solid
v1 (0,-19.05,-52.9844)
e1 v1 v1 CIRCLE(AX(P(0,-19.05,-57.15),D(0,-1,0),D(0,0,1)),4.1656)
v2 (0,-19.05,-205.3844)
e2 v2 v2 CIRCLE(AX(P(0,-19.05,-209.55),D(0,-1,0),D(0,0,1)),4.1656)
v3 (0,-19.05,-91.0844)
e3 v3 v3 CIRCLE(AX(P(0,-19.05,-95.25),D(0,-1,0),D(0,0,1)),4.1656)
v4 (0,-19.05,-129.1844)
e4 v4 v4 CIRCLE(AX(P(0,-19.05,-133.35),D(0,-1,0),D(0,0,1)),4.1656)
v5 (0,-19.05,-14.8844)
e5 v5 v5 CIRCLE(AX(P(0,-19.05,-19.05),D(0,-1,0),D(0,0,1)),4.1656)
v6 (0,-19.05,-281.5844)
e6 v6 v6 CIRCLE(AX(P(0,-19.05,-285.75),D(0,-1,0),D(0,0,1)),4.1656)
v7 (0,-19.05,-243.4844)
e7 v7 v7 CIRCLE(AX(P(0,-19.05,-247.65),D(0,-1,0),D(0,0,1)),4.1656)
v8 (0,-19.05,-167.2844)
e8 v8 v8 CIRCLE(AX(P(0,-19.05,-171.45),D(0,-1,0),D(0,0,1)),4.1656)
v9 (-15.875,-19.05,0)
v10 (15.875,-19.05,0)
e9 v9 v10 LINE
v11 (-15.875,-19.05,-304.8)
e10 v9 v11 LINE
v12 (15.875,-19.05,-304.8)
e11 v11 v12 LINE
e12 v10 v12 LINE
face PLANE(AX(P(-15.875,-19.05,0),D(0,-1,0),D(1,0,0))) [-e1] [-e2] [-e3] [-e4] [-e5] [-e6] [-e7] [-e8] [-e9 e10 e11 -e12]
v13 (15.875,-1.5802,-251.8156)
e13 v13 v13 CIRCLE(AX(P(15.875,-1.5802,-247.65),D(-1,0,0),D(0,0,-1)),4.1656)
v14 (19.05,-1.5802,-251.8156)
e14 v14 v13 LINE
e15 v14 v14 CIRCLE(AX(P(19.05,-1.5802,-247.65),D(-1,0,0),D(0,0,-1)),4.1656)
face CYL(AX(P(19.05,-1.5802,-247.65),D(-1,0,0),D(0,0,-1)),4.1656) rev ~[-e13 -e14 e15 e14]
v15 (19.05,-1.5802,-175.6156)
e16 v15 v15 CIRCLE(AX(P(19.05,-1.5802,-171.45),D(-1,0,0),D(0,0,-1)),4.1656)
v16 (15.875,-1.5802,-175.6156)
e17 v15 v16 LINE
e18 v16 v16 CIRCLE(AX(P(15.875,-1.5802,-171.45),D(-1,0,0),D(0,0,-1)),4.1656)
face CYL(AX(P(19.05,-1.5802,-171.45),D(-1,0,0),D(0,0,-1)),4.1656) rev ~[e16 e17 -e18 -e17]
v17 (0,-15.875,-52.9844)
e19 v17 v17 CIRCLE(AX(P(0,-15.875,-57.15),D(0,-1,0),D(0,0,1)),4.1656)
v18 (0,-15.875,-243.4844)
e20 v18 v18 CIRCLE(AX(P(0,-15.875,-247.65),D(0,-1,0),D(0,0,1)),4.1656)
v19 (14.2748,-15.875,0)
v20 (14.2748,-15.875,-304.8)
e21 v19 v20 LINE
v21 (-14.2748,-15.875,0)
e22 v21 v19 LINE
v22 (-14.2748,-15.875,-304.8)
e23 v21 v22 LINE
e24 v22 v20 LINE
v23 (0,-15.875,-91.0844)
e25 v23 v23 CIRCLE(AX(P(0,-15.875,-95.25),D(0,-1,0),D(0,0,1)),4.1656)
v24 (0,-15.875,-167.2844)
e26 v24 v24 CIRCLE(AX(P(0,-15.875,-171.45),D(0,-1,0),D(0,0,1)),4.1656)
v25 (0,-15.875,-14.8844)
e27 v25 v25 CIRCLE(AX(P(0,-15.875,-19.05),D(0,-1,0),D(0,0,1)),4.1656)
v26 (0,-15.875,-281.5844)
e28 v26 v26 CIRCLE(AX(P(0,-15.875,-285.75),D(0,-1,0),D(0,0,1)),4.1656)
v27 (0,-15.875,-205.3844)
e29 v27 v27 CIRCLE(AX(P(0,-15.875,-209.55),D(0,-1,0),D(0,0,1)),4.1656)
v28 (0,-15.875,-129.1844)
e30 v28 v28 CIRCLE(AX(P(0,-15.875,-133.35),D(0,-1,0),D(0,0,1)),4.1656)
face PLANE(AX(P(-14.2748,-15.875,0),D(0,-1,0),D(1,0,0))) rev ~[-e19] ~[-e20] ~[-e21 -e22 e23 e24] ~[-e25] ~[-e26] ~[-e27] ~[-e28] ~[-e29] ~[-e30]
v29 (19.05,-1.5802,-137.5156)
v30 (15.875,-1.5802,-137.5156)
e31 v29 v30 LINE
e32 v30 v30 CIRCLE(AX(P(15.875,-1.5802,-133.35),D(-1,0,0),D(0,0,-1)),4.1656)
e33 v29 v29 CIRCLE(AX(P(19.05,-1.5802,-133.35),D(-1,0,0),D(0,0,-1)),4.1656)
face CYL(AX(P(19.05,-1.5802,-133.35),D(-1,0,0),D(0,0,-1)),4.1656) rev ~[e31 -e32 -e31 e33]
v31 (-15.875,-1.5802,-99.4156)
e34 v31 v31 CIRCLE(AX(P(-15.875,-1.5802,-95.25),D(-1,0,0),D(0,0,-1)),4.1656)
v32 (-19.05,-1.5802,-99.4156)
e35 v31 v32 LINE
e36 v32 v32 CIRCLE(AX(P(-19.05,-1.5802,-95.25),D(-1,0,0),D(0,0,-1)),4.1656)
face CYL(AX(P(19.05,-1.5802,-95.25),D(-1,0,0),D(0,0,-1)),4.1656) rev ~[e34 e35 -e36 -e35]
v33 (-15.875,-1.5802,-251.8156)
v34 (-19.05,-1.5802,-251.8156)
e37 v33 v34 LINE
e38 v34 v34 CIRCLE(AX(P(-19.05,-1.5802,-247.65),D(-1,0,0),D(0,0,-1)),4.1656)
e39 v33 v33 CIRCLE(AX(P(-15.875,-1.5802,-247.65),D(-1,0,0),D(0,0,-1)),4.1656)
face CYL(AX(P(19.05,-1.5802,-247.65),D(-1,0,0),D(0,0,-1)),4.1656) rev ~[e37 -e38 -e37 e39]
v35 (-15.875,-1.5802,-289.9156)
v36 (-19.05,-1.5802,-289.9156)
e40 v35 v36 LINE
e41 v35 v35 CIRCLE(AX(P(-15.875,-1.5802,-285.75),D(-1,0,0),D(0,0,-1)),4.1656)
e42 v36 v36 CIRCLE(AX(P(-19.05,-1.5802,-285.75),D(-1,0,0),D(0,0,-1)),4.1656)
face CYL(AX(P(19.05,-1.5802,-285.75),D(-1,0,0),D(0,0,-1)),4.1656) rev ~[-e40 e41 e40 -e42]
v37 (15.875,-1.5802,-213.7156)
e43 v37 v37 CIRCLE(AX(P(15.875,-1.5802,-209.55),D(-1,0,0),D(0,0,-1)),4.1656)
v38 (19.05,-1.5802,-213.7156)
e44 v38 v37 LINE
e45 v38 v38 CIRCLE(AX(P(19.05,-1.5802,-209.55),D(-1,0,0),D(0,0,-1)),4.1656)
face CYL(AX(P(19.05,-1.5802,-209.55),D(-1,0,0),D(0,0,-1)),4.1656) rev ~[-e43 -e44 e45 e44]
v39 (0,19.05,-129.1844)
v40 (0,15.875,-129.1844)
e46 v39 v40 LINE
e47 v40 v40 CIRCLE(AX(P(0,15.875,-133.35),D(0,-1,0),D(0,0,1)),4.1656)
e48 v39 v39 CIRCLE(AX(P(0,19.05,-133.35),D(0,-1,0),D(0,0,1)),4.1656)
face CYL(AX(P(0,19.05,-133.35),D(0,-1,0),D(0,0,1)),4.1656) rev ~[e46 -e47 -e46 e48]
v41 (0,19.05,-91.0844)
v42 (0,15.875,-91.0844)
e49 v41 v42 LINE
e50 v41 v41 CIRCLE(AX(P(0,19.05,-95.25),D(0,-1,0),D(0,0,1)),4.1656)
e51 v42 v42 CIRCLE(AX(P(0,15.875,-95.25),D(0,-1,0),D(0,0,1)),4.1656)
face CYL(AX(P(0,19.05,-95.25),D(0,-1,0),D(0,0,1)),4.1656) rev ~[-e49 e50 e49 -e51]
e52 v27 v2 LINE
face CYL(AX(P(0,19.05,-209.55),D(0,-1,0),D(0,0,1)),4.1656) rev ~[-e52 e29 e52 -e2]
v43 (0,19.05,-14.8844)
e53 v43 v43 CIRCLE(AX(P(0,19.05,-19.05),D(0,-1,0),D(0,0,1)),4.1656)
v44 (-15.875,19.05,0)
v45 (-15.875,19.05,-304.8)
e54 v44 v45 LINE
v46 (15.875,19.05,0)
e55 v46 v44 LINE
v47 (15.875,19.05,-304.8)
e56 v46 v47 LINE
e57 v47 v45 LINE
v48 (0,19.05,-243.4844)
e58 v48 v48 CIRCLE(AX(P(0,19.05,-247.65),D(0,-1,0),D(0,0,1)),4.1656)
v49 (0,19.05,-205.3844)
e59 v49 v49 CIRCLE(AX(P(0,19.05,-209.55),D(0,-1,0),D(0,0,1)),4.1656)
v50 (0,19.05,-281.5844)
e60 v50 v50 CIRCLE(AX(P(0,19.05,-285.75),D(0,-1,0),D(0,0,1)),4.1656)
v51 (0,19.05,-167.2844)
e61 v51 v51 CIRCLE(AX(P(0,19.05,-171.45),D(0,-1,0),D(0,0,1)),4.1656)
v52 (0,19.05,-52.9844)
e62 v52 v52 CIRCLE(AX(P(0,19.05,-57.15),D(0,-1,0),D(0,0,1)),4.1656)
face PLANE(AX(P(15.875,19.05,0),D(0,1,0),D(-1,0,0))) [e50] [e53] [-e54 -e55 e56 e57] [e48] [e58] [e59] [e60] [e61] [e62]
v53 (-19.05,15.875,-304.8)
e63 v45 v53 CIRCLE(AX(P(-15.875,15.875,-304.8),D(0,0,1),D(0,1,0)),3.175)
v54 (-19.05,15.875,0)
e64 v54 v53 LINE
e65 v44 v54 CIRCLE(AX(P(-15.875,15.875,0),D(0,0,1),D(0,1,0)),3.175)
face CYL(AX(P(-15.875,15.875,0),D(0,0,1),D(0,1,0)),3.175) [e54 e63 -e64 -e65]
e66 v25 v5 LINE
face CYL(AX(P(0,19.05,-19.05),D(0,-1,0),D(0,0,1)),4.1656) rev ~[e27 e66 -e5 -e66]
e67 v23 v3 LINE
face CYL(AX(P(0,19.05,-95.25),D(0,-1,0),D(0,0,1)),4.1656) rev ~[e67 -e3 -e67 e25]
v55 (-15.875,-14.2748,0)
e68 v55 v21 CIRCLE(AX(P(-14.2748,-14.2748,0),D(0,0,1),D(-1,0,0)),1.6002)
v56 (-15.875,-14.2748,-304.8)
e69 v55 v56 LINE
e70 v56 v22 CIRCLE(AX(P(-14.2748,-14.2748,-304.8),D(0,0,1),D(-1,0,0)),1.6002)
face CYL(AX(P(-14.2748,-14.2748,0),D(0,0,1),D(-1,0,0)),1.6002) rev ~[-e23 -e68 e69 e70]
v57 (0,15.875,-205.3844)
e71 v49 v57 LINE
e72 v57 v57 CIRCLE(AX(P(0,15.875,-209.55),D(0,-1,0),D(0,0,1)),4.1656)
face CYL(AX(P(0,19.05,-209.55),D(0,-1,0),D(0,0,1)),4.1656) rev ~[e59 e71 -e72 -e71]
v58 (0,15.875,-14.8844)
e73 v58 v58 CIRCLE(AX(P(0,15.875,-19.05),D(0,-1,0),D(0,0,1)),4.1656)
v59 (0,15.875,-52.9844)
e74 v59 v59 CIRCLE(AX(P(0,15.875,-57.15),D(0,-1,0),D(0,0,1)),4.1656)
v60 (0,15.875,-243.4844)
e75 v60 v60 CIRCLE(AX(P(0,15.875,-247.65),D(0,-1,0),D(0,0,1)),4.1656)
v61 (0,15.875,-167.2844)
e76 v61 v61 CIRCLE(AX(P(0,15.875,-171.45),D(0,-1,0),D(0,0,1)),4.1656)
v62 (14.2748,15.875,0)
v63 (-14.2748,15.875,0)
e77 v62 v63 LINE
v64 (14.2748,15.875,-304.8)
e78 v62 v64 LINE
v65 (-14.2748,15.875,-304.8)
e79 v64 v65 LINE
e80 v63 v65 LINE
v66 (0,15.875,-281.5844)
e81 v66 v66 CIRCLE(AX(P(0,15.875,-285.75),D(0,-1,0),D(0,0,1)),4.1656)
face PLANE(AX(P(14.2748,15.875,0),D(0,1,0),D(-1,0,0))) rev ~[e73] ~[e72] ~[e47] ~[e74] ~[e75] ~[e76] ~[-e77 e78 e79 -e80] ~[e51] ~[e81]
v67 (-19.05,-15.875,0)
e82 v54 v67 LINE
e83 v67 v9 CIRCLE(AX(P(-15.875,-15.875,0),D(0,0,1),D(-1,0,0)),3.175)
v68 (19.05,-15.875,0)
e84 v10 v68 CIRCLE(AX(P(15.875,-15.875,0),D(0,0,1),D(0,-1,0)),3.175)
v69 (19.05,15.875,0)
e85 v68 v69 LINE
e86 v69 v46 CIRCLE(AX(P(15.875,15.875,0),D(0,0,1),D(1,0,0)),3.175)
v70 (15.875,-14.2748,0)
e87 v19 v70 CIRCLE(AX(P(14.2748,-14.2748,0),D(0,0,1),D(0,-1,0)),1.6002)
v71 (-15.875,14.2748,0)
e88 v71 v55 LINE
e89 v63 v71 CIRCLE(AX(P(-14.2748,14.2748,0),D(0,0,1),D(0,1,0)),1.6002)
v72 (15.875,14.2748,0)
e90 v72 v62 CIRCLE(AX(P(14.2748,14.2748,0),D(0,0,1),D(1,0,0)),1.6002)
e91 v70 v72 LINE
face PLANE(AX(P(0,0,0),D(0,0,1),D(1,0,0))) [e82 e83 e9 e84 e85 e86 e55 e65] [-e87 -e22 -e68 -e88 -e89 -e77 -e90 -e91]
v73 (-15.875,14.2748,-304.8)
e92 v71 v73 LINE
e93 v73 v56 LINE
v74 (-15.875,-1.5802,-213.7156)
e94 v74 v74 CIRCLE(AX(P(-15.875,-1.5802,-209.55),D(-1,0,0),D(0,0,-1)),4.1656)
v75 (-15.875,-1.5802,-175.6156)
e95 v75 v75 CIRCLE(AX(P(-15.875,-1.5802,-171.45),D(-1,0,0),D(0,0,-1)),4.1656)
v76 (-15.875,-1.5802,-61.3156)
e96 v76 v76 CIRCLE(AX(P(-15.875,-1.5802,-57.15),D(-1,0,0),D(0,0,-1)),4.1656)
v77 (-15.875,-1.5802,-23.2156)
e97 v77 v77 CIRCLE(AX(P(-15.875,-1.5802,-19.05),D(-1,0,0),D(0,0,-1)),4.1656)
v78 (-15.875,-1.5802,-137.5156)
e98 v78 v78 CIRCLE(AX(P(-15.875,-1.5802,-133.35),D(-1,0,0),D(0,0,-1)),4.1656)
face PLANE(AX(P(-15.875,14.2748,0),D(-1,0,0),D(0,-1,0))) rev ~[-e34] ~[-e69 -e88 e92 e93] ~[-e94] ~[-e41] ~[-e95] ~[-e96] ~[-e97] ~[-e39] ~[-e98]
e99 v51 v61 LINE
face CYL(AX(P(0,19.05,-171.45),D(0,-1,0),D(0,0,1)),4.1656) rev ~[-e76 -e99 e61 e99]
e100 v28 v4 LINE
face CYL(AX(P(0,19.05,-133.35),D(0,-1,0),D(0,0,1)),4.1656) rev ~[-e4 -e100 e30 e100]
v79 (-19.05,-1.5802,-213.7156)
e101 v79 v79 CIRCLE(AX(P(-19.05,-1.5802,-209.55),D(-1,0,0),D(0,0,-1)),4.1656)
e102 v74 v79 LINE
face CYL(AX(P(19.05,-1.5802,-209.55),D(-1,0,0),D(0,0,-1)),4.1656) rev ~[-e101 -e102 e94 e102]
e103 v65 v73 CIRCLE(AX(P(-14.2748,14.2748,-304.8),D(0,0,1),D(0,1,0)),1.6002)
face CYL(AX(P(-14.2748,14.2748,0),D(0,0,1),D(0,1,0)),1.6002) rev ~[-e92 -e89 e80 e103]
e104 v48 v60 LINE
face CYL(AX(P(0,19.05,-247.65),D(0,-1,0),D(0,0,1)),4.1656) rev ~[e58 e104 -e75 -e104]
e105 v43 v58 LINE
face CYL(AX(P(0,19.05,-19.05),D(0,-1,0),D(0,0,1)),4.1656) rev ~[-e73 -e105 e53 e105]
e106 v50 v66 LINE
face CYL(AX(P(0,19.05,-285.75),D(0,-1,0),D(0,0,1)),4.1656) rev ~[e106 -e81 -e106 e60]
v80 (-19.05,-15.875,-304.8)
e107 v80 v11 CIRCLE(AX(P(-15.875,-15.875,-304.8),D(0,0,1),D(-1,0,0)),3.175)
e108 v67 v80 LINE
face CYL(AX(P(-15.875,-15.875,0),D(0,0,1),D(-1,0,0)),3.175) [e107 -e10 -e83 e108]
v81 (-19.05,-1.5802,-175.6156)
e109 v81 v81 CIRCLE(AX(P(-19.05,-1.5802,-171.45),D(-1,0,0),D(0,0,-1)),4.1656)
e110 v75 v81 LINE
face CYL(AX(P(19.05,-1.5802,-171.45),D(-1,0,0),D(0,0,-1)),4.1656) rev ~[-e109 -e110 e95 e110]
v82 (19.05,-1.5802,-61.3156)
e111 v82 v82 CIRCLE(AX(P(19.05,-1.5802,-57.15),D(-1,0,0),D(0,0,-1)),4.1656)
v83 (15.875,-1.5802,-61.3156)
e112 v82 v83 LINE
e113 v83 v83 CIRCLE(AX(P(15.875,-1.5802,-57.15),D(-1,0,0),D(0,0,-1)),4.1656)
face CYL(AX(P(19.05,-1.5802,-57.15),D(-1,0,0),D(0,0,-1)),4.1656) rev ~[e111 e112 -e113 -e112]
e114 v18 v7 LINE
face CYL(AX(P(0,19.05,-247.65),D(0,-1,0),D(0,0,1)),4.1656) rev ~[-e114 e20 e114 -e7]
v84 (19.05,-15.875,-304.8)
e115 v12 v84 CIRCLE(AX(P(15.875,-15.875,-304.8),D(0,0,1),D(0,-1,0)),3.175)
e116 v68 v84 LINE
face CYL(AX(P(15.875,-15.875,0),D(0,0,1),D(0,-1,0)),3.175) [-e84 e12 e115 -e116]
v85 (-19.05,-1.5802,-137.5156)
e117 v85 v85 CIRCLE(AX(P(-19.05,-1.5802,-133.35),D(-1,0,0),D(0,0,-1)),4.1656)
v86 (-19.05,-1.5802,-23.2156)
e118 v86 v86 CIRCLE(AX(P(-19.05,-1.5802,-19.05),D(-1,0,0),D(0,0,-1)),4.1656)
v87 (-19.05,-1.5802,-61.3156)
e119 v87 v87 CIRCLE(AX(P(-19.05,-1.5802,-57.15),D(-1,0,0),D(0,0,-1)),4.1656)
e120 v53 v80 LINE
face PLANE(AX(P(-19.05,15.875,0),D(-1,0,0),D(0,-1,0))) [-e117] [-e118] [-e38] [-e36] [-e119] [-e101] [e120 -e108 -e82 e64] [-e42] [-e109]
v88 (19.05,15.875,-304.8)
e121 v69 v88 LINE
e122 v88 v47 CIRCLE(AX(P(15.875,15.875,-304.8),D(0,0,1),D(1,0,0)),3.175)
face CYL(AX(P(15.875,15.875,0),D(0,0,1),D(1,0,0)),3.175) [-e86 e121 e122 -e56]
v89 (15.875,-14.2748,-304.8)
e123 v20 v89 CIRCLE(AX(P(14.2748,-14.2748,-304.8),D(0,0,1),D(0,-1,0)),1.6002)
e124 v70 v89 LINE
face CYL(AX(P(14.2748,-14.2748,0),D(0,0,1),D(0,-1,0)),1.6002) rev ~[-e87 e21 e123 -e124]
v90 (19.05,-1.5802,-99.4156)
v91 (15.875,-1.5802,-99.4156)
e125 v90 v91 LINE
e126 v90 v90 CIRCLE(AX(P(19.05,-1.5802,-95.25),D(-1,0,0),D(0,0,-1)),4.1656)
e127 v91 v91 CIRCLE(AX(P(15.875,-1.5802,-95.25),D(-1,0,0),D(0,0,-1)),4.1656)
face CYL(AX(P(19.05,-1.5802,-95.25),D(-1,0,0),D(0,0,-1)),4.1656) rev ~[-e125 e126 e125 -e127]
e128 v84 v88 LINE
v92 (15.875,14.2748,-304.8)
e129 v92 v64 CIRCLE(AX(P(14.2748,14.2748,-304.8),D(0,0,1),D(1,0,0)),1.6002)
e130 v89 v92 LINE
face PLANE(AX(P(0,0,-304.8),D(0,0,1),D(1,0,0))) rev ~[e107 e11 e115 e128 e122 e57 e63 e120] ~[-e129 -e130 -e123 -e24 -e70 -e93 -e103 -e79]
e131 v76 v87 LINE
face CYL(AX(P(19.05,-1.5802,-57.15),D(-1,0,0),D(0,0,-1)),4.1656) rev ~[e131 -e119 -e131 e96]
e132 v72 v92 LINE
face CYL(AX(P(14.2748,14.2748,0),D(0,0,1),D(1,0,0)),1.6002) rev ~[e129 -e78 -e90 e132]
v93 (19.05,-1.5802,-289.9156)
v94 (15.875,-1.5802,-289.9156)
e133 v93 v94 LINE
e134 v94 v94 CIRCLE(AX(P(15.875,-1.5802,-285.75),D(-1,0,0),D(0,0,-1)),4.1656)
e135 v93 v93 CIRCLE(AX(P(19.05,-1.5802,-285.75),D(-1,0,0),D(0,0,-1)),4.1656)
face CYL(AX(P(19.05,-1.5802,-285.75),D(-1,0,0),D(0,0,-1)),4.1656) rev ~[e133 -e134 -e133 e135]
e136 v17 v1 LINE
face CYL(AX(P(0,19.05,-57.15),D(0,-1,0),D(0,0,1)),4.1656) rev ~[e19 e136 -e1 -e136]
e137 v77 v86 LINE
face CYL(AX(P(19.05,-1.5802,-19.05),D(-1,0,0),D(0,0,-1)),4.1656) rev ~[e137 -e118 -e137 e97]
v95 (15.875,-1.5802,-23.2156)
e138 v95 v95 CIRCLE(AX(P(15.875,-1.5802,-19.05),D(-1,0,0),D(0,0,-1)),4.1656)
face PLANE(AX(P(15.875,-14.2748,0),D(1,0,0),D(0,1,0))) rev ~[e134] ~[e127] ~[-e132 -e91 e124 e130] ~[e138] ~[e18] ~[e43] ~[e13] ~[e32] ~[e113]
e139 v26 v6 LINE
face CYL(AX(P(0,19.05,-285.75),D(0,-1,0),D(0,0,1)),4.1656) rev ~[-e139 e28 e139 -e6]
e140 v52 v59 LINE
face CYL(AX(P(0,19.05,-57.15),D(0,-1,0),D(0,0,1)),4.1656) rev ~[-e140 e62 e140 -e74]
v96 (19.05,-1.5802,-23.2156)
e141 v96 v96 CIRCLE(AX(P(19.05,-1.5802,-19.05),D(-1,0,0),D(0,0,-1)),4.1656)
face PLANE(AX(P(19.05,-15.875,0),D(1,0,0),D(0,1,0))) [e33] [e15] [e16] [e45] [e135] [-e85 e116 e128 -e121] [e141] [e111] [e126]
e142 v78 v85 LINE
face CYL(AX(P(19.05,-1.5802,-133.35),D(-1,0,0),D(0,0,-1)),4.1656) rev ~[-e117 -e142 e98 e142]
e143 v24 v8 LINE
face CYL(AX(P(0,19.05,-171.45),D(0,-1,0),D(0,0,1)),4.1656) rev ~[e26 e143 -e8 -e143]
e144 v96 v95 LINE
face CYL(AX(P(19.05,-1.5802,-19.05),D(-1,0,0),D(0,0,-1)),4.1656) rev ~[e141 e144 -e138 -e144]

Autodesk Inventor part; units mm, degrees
ref_plane "YZ Plane" through (0, 0, 0) normal (1, 0, 0) x (0, 1, 0)
ref_plane "XZ Plane" through (0, 0, 0) normal (0, 1, 0) x (-1, 0, 0)
ref_plane "XY Plane" through (0, 0, 0) normal (0, 0, 1) x (1, 0, 0)
sketch "Sketch1" plane through (0, 0, 0) normal (0, 0, 1) x (1, 0, 0)
  line L0 (-15.875, 14.2748) -> (-15.875, -14.2748)
  arc A0 (-14.2748, 15.875) -> (-15.875, 14.2748) centre (-14.2748, 14.2748) ccw
  line L1 (14.2748, 15.875) -> (-14.2748, 15.875)
  arc A1 (15.875, 14.2748) -> (14.2748, 15.875) centre (14.2748, 14.2748) ccw
  line L2 (15.875, -14.2748) -> (15.875, 14.2748)
  arc A2 (14.2748, -15.875) -> (15.875, -14.2748) centre (14.2748, -14.2748) ccw
  line L3 (-14.2748, -15.875) -> (14.2748, -15.875)
  arc A3 (-15.875, -14.2748) -> (-14.2748, -15.875) centre (-14.2748, -14.2748) ccw
  arc A4 (19.05, 15.875) -> (15.875, 19.05) centre (15.875, 15.875) ccw
  line L4 (15.875, 19.05) -> (-15.875, 19.05)
  arc A5 (-15.875, 19.05) -> (-19.05, 15.875) centre (-15.875, 15.875) ccw
  line L5 (-19.05, 15.875) -> (-19.05, -15.875)
  arc A6 (-19.05, -15.875) -> (-15.875, -19.05) centre (-15.875, -15.875) ccw
  line L6 (-15.875, -19.05) -> (15.875, -19.05)
  arc A7 (15.875, -19.05) -> (19.05, -15.875) centre (15.875, -15.875) ccw
  line L7 (19.05, -15.875) -> (19.05, 15.875)
  point P0 (0, 0)
extrude "Extrusion1" add sketch "Sketch1" against normal blind 304.8
hole "Hole1" at (19.05, -1.5802, -19.05) direction (-1, 0, 0) diameter 8.3312 end through all
hole "Hole2" at (0, 19.05, -19.05) direction (0, -1, 0) diameter 8.3312 end through all
pattern_linear "Rectangular Pattern1" count 180 spacing 38.1 along (0, 0, -1) of "Hole2", "Hole1"
properties part number "9701"
